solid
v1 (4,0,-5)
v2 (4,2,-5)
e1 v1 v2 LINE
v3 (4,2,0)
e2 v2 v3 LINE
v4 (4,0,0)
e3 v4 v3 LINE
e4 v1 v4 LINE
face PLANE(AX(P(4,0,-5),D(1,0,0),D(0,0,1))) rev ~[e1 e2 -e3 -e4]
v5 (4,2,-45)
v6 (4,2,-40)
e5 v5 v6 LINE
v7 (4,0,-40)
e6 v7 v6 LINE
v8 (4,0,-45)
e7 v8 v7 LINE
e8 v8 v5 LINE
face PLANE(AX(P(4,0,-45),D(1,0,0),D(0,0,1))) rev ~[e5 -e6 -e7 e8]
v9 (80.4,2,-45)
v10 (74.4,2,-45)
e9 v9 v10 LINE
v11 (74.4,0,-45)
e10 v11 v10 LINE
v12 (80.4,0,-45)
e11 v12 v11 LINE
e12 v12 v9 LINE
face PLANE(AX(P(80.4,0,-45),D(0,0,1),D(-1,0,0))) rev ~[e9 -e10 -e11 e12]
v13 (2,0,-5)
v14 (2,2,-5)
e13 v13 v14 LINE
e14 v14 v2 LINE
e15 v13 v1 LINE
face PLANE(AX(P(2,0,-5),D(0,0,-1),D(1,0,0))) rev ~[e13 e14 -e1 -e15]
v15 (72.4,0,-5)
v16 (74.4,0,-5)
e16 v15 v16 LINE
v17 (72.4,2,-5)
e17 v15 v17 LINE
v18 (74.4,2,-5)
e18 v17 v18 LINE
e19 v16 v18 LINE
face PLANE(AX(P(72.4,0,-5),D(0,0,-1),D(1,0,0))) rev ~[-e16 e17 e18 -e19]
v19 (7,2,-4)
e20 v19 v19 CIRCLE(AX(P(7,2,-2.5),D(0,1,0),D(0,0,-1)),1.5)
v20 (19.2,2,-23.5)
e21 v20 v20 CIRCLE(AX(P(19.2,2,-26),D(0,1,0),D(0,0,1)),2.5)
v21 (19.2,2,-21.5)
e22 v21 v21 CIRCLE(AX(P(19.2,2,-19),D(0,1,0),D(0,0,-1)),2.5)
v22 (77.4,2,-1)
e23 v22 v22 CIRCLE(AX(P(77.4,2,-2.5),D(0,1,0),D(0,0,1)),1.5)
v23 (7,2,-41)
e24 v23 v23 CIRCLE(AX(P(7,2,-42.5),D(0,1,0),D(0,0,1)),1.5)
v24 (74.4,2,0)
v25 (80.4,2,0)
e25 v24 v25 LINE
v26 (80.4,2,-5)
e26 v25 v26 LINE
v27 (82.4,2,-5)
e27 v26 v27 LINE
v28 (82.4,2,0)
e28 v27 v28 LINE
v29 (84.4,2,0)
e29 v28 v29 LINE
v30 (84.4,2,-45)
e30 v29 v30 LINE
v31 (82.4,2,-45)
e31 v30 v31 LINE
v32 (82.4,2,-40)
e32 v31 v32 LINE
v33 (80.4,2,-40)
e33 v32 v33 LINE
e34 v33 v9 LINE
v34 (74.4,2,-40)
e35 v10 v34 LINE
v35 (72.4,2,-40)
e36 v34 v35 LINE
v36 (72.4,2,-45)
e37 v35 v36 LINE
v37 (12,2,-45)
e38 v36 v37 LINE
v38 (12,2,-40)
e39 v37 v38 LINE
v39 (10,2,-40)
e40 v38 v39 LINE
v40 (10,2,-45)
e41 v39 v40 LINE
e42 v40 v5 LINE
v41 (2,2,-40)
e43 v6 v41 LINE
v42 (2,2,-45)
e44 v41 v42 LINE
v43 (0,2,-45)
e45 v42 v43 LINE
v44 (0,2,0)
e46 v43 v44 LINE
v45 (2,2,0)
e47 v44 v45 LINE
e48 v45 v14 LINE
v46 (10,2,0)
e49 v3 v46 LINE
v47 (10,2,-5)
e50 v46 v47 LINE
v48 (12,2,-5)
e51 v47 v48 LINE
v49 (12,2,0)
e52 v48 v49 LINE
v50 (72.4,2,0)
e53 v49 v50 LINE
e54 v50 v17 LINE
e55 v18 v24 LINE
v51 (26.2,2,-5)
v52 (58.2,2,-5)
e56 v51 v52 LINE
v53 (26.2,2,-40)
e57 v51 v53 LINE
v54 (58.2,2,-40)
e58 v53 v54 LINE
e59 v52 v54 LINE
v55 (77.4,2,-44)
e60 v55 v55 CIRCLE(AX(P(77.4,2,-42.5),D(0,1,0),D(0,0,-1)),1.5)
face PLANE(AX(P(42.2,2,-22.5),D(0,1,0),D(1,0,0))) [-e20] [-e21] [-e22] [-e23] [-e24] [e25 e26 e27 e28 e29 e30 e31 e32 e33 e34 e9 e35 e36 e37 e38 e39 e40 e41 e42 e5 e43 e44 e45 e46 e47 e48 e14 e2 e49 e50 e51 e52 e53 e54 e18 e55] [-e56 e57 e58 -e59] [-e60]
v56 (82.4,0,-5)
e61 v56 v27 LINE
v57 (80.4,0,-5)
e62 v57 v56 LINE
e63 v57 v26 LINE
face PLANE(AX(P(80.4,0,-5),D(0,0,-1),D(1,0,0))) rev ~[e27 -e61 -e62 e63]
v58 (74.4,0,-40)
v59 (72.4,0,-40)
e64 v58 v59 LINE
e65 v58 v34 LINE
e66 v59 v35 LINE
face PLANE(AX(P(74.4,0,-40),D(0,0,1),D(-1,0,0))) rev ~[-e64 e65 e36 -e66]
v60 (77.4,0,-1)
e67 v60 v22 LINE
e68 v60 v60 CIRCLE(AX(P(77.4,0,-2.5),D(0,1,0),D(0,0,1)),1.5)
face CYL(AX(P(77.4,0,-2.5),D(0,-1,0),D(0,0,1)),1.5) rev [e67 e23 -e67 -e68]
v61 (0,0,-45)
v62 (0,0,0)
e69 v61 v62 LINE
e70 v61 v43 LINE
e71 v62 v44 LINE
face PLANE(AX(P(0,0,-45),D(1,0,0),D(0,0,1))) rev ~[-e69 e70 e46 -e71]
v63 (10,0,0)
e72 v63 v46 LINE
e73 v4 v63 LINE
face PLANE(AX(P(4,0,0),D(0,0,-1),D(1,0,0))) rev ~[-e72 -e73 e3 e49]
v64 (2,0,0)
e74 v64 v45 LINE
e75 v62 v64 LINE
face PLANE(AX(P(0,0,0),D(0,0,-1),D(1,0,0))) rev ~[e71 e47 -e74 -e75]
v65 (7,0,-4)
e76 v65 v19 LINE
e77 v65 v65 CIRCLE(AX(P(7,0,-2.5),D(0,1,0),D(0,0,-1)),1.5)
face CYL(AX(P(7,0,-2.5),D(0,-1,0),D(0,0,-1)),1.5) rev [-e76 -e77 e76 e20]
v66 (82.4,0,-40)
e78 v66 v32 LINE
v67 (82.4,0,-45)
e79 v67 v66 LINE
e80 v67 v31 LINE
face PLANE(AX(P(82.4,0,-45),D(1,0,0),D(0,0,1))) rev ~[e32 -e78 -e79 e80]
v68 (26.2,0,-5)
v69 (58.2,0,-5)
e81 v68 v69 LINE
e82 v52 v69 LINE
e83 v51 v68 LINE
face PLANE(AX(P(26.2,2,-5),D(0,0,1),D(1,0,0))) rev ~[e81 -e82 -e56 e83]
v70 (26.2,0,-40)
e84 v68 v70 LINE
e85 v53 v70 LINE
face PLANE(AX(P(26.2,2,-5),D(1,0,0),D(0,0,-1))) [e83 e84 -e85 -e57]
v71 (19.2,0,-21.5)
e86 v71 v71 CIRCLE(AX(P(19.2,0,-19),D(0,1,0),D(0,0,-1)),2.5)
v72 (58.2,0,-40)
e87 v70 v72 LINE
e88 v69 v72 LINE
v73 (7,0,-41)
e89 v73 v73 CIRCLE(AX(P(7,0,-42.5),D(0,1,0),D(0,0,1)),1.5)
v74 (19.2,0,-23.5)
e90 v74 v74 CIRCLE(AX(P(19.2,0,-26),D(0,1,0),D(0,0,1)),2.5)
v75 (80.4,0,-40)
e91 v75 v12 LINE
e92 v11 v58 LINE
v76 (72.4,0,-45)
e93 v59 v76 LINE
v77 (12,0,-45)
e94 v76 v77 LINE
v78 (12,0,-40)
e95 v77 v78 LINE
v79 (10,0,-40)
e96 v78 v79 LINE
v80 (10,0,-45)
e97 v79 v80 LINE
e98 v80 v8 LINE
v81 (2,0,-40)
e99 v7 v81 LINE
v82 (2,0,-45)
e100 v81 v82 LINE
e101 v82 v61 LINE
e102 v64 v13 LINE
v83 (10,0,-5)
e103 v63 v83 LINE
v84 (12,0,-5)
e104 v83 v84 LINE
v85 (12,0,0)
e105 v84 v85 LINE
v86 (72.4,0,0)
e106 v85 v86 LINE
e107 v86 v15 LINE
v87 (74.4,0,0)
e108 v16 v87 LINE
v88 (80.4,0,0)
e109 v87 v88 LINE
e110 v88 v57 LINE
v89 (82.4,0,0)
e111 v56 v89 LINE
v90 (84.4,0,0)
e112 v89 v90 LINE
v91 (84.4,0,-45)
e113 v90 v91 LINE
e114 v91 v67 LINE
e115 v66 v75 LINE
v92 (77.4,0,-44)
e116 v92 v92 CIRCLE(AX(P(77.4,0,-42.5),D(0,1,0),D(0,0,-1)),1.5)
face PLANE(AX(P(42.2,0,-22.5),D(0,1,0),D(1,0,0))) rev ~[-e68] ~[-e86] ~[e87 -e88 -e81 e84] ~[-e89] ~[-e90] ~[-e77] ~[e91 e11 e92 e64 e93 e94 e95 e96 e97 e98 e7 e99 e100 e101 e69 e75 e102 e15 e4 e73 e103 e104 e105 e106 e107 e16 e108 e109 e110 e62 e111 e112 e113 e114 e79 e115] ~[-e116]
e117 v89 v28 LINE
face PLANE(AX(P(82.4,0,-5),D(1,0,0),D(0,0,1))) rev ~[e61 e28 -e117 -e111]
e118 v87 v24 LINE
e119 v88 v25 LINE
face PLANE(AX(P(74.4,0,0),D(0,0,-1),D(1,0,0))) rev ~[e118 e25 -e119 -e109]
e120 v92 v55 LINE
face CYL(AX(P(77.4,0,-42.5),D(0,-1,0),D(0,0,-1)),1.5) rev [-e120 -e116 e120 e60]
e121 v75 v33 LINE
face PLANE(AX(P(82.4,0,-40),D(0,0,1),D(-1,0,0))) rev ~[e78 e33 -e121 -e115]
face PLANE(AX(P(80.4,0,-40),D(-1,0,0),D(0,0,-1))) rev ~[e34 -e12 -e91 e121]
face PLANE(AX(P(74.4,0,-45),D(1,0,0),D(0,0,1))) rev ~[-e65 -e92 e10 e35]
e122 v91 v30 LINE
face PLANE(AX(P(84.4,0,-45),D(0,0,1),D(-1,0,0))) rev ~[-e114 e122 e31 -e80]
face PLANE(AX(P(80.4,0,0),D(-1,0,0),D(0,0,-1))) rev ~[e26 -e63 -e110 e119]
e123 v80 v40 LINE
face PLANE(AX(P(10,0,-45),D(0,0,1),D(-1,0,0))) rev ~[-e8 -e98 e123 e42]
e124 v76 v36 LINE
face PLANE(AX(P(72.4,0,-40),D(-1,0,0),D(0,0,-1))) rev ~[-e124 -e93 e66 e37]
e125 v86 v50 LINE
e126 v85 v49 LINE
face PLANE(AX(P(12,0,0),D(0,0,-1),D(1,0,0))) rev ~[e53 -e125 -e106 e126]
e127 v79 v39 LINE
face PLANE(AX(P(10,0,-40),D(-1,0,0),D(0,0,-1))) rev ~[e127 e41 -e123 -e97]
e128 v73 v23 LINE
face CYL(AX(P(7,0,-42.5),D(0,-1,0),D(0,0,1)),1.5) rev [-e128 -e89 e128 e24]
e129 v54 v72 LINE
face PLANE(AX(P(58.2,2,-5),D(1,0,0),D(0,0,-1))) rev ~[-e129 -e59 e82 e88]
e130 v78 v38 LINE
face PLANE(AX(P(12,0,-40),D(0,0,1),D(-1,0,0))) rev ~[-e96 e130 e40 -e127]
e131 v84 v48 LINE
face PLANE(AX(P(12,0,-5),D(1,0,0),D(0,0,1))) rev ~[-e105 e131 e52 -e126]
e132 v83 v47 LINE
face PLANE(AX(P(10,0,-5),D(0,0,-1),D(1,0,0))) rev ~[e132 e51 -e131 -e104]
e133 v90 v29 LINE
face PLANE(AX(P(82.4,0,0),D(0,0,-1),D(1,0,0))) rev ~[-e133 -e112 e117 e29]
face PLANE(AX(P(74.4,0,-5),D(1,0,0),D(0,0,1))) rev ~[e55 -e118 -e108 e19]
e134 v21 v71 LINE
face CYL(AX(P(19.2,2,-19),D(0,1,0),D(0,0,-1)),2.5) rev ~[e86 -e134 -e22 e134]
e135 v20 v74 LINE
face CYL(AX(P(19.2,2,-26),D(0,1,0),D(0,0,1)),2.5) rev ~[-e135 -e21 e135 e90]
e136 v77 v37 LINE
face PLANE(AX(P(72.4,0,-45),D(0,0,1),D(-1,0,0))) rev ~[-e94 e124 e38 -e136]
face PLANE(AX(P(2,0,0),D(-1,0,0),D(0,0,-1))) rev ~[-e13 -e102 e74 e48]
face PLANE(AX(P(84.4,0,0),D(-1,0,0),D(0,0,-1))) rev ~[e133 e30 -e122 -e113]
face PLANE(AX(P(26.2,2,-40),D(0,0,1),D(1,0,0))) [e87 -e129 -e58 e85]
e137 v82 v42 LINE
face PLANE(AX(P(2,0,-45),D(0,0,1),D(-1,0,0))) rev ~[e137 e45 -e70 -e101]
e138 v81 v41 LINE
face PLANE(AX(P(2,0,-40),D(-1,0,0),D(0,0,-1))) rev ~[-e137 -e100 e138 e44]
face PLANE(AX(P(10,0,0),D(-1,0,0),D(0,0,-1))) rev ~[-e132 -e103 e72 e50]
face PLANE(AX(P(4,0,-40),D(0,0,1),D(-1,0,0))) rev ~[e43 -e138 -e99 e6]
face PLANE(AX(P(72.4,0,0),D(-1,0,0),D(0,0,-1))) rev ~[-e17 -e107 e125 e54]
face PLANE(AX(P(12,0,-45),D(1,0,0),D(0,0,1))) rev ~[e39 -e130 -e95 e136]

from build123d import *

# Parameters (mm, degrees)
SKETCH1_R           = 1.5
BOSS_EXTRUDE1_DEPTH = 2
SKETCH2_W           = 32
SKETCH2_H           = 35
CUT_EXTRUDE1_DEPTH  = 10
SKETCH3_R           = 2.5
CUT_EXTRUDE2_DEPTH  = 10


with BuildPart() as part:
    # Sketch1 → Boss-Extrude1 (new body)
    with BuildSketch(Plane(origin=(0, 0, 0), x_dir=(1, 0, 0), z_dir=(0, 1, 0))):
        Polygon((0, 0), (2, 0), (2, 5), (4, 5), (4, 0), (10, 0), (10, 5), (12, 5), (12, 0), (72.4, 0), (72.4, 5), (74.4, 5), (74.4, 0), (80.4, 0), (80.4, 5), (82.4, 5), (82.4, 0), (84.4, 0), (84.4, 45), (82.4, 45), (82.4, 40), (80.4, 40), (80.4, 45), (74.4, 45), (74.4, 40), (72.4, 40), (72.4, 45), (12, 45), (12, 40), (10, 40), (10, 45), (4, 45), (4, 40), (2, 40), (2, 45), (0, 45), align=None)
        with Locations(Location((7, 42.5, 0), (0, 0, 270))):
            Circle(SKETCH1_R, mode=Mode.SUBTRACT)
        with Locations(Location((77.4, 42.5, 0), (0, 0, 90))):
            Circle(SKETCH1_R, mode=Mode.SUBTRACT)
        with Locations(Location((7, 2.5, 0), (0, 0, 90))):
            Circle(SKETCH1_R, mode=Mode.SUBTRACT)
        with Locations(Location((77.4, 2.5, 0), (0, 0, 270))):
            Circle(SKETCH1_R, mode=Mode.SUBTRACT)
    extrude(amount=BOSS_EXTRUDE1_DEPTH)

    # Sketch2 → Cut-Extrude1 (cut)
    with BuildSketch(Plane(origin=(0, 2, 0), x_dir=(1, 0, 0), z_dir=(0, 1, 0))):
        with Locations((42.2, 22.5)):
            Rectangle(SKETCH2_W, SKETCH2_H)
    extrude(amount=-CUT_EXTRUDE1_DEPTH, mode=Mode.SUBTRACT)

    # Sketch3 → Cut-Extrude2 (cut)
    with BuildSketch(Plane(origin=(0, 2, 0), x_dir=(1, 0, 0), z_dir=(0, 1, 0))):
        with Locations(Location((19.2, 26, 0), (0, 0, 270))):
            Circle(SKETCH3_R)
        with Locations(Location((19.2, 19, 0), (0, 0, 90))):
            Circle(SKETCH3_R)
    extrude(amount=-CUT_EXTRUDE2_DEPTH, mode=Mode.SUBTRACT)


solid = part.part
